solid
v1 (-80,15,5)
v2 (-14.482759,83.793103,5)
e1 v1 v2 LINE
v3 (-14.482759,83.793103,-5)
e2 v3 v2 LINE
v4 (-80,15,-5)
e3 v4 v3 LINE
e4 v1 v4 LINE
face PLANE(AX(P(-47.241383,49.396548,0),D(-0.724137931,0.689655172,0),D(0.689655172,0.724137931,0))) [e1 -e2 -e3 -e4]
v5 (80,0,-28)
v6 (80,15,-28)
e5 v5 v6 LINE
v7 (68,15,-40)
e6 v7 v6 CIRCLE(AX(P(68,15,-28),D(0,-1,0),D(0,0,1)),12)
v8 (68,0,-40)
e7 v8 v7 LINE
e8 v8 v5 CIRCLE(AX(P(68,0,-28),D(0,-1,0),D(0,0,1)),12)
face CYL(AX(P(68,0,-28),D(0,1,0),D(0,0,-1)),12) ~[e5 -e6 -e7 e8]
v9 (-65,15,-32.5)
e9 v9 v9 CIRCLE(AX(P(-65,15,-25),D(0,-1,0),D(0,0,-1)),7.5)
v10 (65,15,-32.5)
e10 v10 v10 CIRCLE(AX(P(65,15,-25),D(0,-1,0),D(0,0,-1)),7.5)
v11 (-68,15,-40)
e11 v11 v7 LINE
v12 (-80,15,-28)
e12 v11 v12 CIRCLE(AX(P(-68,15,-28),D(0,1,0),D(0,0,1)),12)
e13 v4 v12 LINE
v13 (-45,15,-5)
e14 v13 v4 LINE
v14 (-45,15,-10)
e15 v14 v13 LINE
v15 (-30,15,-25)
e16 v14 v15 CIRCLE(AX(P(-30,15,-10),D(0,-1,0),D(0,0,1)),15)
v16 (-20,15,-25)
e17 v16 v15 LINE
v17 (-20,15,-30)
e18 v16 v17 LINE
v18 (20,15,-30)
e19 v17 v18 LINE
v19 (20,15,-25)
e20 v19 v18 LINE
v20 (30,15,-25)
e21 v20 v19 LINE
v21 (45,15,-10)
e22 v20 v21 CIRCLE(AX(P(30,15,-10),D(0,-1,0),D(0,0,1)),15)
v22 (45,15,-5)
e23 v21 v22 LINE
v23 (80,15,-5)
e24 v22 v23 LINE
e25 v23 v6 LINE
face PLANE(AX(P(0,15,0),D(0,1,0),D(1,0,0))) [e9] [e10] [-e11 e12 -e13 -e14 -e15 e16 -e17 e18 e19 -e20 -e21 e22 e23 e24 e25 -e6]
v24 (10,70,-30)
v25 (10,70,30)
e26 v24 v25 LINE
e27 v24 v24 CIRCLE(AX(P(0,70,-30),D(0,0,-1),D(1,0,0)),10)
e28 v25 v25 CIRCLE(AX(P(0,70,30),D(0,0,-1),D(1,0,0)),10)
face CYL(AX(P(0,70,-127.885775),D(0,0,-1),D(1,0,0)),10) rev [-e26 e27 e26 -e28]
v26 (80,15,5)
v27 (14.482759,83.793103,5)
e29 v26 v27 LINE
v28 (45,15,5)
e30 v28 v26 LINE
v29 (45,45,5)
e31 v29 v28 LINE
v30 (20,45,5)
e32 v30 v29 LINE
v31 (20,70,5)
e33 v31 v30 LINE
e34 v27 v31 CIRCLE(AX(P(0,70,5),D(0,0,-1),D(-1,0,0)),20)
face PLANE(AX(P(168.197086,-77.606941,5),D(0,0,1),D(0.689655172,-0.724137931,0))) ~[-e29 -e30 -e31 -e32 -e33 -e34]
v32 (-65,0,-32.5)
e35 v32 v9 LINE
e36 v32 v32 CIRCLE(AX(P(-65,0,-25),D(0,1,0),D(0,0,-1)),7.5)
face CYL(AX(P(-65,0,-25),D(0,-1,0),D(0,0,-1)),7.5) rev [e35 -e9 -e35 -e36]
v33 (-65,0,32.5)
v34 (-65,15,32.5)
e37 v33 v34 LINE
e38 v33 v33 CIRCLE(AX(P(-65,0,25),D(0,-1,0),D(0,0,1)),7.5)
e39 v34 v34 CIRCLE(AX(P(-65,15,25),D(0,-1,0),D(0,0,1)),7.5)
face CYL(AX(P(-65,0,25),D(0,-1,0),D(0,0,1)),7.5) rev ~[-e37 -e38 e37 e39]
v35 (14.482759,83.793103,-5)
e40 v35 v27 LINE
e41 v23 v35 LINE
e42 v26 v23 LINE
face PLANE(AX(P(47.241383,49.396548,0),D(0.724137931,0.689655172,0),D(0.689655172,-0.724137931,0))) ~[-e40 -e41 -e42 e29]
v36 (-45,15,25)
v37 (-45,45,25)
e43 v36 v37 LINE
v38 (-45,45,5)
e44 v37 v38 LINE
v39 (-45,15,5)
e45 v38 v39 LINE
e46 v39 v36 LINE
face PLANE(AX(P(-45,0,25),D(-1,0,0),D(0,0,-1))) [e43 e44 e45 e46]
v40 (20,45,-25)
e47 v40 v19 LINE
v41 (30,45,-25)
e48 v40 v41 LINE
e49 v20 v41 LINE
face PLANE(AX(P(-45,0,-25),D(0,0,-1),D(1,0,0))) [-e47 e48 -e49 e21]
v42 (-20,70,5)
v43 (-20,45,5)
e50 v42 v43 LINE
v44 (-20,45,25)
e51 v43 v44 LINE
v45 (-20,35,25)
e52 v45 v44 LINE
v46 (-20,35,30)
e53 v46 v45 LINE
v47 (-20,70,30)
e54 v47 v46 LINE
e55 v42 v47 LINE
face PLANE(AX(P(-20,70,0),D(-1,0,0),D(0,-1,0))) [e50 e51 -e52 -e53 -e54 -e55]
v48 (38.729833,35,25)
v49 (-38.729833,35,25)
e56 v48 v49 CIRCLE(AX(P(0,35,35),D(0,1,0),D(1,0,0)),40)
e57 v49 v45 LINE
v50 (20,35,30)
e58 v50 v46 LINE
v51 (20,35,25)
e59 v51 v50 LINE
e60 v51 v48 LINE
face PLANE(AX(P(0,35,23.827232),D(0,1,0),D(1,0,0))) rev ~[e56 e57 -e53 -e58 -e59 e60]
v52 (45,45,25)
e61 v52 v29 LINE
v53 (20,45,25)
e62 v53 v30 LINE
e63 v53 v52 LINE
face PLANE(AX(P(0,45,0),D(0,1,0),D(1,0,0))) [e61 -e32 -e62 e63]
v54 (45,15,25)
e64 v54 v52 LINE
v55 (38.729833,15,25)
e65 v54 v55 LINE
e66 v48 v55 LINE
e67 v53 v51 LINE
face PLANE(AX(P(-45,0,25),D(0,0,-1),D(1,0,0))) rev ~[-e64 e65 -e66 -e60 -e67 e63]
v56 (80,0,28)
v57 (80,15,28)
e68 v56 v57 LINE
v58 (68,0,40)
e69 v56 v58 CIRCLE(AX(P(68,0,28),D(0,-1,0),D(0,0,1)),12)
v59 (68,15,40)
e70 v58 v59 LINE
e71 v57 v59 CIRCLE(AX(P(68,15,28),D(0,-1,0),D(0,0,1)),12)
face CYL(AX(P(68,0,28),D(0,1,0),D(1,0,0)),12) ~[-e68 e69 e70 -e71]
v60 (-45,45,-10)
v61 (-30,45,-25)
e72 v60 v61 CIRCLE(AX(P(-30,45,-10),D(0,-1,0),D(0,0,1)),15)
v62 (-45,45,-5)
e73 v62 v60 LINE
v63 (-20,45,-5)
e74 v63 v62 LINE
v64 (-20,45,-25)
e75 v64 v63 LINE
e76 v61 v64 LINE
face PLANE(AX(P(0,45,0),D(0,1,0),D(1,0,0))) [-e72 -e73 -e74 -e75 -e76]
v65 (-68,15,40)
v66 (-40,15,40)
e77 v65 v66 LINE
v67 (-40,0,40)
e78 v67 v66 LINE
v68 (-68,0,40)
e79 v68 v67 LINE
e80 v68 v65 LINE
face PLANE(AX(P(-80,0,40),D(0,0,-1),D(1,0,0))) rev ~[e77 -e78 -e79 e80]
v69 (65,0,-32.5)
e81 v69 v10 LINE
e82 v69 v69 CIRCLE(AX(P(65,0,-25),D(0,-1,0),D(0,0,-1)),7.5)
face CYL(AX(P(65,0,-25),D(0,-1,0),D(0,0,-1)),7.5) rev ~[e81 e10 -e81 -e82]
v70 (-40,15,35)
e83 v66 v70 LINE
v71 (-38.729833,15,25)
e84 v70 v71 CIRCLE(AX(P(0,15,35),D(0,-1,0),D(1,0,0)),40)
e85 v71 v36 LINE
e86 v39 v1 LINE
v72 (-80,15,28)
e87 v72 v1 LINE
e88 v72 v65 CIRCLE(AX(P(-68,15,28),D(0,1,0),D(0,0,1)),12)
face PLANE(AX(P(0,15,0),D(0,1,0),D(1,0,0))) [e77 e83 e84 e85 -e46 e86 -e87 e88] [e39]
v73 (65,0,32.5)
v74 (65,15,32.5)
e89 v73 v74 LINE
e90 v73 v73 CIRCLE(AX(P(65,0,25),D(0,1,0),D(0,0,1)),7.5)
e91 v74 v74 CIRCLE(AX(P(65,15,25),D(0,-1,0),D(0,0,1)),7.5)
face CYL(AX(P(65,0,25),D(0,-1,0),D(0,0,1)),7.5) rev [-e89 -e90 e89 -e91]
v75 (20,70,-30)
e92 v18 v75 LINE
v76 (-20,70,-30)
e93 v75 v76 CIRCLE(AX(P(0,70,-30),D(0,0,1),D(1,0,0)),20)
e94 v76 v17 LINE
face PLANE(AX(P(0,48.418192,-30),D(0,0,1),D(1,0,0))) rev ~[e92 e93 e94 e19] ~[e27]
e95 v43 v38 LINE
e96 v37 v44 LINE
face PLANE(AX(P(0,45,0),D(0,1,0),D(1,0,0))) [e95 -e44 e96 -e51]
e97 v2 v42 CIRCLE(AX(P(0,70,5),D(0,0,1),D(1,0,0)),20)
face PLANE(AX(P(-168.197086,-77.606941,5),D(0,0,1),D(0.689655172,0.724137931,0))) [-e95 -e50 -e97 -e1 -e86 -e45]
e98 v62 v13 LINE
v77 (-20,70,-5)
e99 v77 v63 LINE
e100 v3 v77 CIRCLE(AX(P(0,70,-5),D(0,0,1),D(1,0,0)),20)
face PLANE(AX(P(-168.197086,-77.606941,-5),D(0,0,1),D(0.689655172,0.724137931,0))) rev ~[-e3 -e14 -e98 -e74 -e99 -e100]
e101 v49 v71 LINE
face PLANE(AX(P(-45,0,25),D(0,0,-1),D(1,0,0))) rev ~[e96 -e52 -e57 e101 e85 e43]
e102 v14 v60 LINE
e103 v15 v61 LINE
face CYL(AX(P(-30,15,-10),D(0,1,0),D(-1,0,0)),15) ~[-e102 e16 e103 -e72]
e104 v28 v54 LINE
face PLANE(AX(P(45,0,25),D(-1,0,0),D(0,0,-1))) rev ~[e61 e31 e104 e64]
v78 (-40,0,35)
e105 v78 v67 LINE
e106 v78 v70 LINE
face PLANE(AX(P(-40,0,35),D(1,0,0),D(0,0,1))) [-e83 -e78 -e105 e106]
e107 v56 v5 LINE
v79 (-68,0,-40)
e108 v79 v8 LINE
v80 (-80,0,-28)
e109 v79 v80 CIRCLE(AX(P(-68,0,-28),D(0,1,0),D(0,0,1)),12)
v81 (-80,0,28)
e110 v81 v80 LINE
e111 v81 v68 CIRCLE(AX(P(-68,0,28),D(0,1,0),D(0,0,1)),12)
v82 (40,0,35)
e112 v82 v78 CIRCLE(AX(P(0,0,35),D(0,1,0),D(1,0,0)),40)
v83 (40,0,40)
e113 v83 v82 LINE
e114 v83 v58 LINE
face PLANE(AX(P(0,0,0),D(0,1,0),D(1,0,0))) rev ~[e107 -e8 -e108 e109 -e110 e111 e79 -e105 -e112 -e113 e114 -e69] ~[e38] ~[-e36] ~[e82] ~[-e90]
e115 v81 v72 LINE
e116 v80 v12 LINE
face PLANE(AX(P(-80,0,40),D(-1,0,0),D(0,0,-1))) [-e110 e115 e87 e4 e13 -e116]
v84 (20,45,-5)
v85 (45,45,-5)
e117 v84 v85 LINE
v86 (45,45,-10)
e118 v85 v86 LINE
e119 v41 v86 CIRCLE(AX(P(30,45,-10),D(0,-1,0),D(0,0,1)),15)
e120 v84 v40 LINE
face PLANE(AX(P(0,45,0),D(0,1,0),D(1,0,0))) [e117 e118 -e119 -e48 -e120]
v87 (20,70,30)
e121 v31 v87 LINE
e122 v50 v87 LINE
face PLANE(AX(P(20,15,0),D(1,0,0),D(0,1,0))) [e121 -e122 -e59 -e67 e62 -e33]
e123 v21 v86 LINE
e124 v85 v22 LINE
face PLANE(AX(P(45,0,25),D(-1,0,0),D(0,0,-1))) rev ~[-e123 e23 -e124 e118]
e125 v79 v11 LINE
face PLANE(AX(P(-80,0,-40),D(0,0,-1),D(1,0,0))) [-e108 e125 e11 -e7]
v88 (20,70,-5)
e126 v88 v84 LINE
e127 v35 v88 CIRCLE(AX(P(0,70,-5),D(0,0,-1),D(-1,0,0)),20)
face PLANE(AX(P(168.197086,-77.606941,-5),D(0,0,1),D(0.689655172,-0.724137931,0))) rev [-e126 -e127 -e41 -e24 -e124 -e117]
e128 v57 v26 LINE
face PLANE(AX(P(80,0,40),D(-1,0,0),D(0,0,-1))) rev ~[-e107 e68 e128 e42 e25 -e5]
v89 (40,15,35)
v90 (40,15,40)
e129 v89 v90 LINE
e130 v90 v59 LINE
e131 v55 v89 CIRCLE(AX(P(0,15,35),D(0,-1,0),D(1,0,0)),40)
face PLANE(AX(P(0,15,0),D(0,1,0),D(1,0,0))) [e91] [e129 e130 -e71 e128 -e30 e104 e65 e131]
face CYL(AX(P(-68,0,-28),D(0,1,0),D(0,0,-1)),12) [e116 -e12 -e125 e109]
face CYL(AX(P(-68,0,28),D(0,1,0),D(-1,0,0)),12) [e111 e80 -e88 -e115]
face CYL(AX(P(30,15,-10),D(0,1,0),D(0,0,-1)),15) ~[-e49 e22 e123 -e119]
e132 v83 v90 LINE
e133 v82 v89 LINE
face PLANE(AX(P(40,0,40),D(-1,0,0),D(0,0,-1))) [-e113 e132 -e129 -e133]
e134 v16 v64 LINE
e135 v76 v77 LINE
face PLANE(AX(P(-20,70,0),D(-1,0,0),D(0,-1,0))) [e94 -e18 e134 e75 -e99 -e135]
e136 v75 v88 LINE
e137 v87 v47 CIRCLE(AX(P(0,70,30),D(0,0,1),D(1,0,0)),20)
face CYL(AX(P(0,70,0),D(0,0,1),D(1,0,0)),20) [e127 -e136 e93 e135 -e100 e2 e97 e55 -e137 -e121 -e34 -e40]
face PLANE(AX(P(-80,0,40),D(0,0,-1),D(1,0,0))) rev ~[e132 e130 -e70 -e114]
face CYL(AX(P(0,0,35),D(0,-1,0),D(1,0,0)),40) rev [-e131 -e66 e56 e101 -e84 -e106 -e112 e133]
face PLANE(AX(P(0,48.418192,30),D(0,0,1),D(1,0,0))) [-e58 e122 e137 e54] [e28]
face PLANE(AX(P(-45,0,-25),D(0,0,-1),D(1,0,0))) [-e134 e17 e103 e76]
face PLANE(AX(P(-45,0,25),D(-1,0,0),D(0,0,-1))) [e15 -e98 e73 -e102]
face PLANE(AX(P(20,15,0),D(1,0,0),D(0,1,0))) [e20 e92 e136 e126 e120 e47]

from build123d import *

# Parameters (mm, degrees)
SKETCH_1_W               = 160
SKETCH_1_H               = 80
EXTRUDE_1_DEPTH          = 15
SKETCH_2_W               = 90
SKETCH_2_H               = 50
EXTRUDE_2_DEPTH          = 45
EXTRUDE_8_DEPTH          = 30
RIB_9_REACH              = 128.886
SKETCH_7_WALL_W          = 350.771540414
SKETCH_7_WALL_H          = 10
CUT_EXTRUDE_1_DEPTH      = 35
SKETCH_10_R              = 7.5
CUT_EXTRUDE_2_DEPTH      = 127.885775405
MIRROR_3_COPY_1_SKETCH_R = 7.5
MIRROR_3_COPY_1_DEPTH    = 127.885775405
FILLET_1_R               = 12
FILLET_2_R               = 12
FILLET_3_R               = 12
FILLET_4_R               = 12
FILLET_5_R               = 15
FILLET_6_R               = 15
CUT_EXTRUDE_3_DEPTH      = 127.885775405
CUT_EXTRUDE_3_DEPTH_BACK = 127.885775405
SKETCH_11_R              = 10


with BuildPart() as part:
    # 草图1 → 凸台-拉伸1 (new body)
    with BuildSketch(Plane(origin=(0, 0, 0), x_dir=(1, 0, 0), z_dir=(0, 1, 0))):
        Rectangle(SKETCH_1_W, SKETCH_1_H)
    extrude(amount=EXTRUDE_1_DEPTH)

    # 草图2 → 凸台-拉伸2 (add)
    with BuildSketch(Plane(origin=(0, 0, 0), x_dir=(1, 0, 0), z_dir=(0, 1, 0))):
        Rectangle(SKETCH_2_W, SKETCH_2_H)
    extrude(amount=EXTRUDE_2_DEPTH)

    # 草图6 → 凸台-拉伸8 (add, symmetric)
    with BuildSketch(Plane.XY):
        with BuildLine():
            Line((0, 15), (20, 15))
            Line((20, 15), (20, 70))
            ThreePointArc((20, 70), (0, 90), (-20, 70))
            Line((-20, 70), (-20, 15))
            Line((-20, 15), (0, 15))
        make_face()
    extrude(amount=EXTRUDE_8_DEPTH, both=True)

    # 草图7 wall → 筋9 (add, up to next)
    with BuildSketch(Plane(origin=(-47.241382895, 49.396547961, 0), x_dir=(0.689655172411, 0.724137931037, 0), z_dir=(-0.724137931037, 0.689655172411, 0)), mode=Mode.PRIVATE) as rib_9_sk1:
        Rectangle(SKETCH_7_WALL_W, SKETCH_7_WALL_H)
    rib_9_tool1 = extrude(rib_9_sk1.sketch, amount=-RIB_9_REACH, mode=Mode.PRIVATE) - part.part
    rib_9 = rib_9_tool1.solids().sort_by_distance((-47.241382895, 49.396547961, 0))[0]
    add(rib_9)

    # 镜向1: 筋9 across plane
    add(rib_9.mirror(Plane(origin=(0, 0, 0), x_dir=(0, 0, 1), z_dir=(1, 0, 0))))

    # 草图8 → 切除-拉伸1 (cut)
    with BuildSketch(Plane(origin=(0, 0, 0), x_dir=(1, 0, 0), z_dir=(0, 1, 0))):
        with BuildLine():
            Line((-40, -40), (40, -40))
            Line((40, -40), (40, -35))
            ThreePointArc((40, -35), (0, 5), (-40, -35))
            Line((-40, -35), (-40, -40))
        make_face()
    extrude(amount=CUT_EXTRUDE_1_DEPTH, mode=Mode.SUBTRACT)

    # 草图10 → 切除-拉伸2 (cut, through all)
    with BuildSketch(Plane(origin=(0, 0, 0), x_dir=(1, 0, 0), z_dir=(0, 1, 0))):
        with Locations(Location((-65, 25, 0), (0, 0, 90))):
            Circle(SKETCH_10_R)
    cut_extrude_2 = extrude(amount=CUT_EXTRUDE_2_DEPTH, mode=Mode.SUBTRACT)

    # 镜向2: 切除-拉伸2 across plane
    add(cut_extrude_2.mirror(Plane(origin=(0, 0, 0), x_dir=(0, 0, 1), z_dir=(1, 0, 0))), mode=Mode.SUBTRACT)

    # 镜向3: 切除-拉伸2 across plane
    add(cut_extrude_2.mirror(Plane.XY), mode=Mode.SUBTRACT)

    # 镜向3 copy 1 sketch → 镜向3 copy 1 (cut, through all)
    with BuildSketch(Plane(origin=(0, 0, 0), x_dir=(-1, 0, 0), z_dir=(0, 1, 0))):
        with Locations(Location((-65, 25, 0), (0, 0, 90))):
            Circle(MIRROR_3_COPY_1_SKETCH_R)
    extrude(amount=MIRROR_3_COPY_1_DEPTH, mode=Mode.SUBTRACT)

    # 圆角1
    fillet_1_edges = [part.edges().sort_by_distance(p)[0] for p in [
        (-80, 7.5, -40),
    ]]
    fillet(fillet_1_edges, radius=FILLET_1_R)

    # 圆角2
    fillet_2_edges = [part.edges().sort_by_distance(p)[0] for p in [
        (80, 7.5, -40),
    ]]
    fillet(fillet_2_edges, radius=FILLET_2_R)

    # 圆角3
    fillet_3_edges = [part.edges().sort_by_distance(p)[0] for p in [
        (-80, 7.5, 40),
    ]]
    fillet(fillet_3_edges, radius=FILLET_3_R)

    # 圆角4
    fillet_4_edges = [part.edges().sort_by_distance(p)[0] for p in [
        (80, 7.5, 40),
    ]]
    fillet(fillet_4_edges, radius=FILLET_4_R)

    # 圆角5
    fillet_5_edges = [part.edges().sort_by_distance(p)[0] for p in [
        (-45, 30, -25),
    ]]
    fillet(fillet_5_edges, radius=FILLET_5_R)

    # 圆角6
    fillet_6_edges = [part.edges().sort_by_distance(p)[0] for p in [
        (45, 30, -25),
    ]]
    fillet(fillet_6_edges, radius=FILLET_6_R)

    # 草图11 → 切除-拉伸3 (cut, two sides: drawn at the far end of the back side and taken through both)
    with BuildSketch(Plane.XY.offset(-CUT_EXTRUDE_3_DEPTH_BACK)):
        with Locations((0, 70)):
            Circle(SKETCH_11_R)
    extrude(amount=CUT_EXTRUDE_3_DEPTH + CUT_EXTRUDE_3_DEPTH_BACK, mode=Mode.SUBTRACT)


solid = part.part
